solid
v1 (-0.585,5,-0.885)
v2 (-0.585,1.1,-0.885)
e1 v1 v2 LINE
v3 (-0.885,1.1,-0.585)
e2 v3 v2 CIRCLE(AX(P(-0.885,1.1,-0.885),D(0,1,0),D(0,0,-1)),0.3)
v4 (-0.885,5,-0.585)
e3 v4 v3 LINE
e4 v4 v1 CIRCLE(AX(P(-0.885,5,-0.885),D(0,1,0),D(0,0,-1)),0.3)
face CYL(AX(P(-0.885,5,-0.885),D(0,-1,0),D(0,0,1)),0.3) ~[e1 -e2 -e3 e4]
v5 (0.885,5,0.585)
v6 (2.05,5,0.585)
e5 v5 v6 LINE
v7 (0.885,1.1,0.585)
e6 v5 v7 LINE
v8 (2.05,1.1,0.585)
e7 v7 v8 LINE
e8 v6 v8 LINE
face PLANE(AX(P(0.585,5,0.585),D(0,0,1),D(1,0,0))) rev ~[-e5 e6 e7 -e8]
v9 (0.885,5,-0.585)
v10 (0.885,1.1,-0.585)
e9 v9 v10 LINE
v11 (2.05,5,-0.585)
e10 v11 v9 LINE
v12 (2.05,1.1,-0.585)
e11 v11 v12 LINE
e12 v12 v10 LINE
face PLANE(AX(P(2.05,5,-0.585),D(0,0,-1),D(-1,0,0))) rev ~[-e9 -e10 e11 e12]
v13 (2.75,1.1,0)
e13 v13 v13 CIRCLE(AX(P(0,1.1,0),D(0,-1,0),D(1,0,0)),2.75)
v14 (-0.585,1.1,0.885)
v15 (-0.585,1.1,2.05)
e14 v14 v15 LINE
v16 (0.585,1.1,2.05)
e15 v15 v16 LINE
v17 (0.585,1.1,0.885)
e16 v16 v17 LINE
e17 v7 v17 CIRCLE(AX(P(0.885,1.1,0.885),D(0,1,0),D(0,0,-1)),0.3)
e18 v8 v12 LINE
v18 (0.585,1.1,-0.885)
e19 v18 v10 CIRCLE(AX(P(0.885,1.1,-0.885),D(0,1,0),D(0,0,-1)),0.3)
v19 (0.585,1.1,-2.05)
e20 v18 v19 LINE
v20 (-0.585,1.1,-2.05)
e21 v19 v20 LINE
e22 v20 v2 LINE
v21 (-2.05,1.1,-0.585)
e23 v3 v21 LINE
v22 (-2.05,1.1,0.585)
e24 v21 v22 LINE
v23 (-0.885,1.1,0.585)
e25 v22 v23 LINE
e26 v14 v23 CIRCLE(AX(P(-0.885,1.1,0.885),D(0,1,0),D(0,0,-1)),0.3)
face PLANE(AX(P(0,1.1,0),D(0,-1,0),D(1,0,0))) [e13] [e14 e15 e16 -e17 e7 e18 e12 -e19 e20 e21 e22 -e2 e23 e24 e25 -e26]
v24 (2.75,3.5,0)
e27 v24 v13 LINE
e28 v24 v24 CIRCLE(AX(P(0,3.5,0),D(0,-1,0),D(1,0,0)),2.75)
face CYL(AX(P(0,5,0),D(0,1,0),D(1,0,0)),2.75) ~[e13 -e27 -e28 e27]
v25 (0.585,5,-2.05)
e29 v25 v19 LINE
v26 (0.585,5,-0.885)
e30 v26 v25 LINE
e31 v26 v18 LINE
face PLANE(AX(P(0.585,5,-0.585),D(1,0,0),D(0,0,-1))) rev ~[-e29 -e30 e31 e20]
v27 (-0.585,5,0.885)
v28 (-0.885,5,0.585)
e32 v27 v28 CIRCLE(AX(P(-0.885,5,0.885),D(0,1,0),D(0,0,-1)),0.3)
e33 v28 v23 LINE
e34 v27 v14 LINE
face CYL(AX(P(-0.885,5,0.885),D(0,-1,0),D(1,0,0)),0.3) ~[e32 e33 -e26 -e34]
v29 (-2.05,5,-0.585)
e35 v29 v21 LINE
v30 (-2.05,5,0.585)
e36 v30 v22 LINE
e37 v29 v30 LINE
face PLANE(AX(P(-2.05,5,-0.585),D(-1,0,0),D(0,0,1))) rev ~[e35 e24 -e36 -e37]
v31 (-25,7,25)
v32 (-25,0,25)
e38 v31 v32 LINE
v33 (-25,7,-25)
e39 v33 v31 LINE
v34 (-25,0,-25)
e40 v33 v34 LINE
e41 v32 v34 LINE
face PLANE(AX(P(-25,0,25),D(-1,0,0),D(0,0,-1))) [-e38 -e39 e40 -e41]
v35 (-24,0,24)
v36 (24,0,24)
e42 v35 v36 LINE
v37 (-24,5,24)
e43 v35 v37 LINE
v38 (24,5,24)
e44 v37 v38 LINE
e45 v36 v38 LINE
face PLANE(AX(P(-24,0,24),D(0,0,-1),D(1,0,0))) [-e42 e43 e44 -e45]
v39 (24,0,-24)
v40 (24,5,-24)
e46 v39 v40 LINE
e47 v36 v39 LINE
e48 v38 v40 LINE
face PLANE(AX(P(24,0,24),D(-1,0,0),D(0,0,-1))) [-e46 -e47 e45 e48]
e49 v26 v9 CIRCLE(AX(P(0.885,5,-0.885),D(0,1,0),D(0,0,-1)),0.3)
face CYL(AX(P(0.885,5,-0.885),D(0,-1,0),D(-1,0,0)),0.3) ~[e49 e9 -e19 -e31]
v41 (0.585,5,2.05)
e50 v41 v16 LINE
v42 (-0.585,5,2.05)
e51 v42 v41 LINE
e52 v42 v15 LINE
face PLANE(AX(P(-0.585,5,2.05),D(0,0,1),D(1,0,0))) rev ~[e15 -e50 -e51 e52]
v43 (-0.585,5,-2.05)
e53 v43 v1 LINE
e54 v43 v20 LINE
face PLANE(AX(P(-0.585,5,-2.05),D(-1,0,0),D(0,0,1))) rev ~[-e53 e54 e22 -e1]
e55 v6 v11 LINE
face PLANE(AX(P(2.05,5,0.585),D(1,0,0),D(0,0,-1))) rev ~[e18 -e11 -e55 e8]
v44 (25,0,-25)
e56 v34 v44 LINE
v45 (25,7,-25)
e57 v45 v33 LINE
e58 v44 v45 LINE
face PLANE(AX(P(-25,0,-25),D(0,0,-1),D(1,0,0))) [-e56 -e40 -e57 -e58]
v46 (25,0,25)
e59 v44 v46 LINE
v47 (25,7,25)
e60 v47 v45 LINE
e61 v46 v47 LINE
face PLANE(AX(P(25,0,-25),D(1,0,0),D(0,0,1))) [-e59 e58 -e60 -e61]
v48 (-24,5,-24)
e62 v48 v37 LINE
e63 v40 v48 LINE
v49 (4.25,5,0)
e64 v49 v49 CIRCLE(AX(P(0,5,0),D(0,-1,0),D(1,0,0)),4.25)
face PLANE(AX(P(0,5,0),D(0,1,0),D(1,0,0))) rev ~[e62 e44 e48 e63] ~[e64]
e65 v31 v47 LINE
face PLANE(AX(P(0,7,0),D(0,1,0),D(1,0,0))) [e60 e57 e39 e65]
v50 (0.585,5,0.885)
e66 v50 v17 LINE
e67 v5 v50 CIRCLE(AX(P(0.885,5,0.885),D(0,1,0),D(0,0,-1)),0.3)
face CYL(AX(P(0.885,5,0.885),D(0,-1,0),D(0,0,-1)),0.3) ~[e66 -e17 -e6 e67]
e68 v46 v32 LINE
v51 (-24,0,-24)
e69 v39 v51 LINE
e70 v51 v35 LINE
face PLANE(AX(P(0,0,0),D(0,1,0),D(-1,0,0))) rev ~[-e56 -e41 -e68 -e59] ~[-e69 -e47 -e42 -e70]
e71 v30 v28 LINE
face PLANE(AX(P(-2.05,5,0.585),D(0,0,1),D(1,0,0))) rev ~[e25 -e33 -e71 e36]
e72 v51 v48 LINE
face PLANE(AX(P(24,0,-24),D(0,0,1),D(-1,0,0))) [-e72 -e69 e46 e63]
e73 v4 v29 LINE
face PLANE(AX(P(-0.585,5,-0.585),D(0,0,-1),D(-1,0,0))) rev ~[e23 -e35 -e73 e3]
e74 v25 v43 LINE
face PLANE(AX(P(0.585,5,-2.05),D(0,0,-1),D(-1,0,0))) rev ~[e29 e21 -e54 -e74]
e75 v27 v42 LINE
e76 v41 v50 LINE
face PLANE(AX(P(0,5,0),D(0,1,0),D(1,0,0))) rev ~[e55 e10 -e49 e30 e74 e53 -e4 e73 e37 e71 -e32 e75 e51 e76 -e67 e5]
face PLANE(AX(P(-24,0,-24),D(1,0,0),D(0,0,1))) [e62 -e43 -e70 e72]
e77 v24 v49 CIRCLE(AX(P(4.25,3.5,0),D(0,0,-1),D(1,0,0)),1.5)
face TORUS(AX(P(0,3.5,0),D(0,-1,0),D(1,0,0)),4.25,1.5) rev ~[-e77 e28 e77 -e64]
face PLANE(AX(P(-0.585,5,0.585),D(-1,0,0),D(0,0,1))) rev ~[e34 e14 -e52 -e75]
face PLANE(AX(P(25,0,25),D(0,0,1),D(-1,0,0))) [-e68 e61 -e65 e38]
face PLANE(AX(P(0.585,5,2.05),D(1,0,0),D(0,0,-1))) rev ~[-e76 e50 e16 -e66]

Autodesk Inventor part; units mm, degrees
ref_plane "YZ Plane" through (0, 0, 0) normal (1, 0, 0) x (0, 1, 0)
ref_plane "XZ Plane" through (0, 0, 0) normal (0, 1, 0) x (-1, 0, 0)
ref_plane "XY Plane" through (0, 0, 0) normal (0, 0, 1) x (1, 0, 0)
sketch "Sketch1" plane through (0, 0, 0) normal (0, 1, 0) x (-1, 0, 0)
  line L0 (24, 24) -> (-24, 24)
  line L1 (-24, 24) -> (-24, -24)
  line L2 (-24, -24) -> (24, -24)
  line L3 (24, -24) -> (24, 24)
  line L4 (24, 24) -> (-24, -24) construction
  line L5 (-24, 24) -> (24, -24) construction
  line L6 (-25, 25) -> (25, 25)
  line L7 (25, 25) -> (25, -25)
  line L8 (25, -25) -> (-25, -25)
  line L9 (-25, -25) -> (-25, 25)
  line L10 (-25, 25) -> (25, -25) construction
  line L11 (25, 25) -> (-25, -25) construction
  point P0 (0, 0)
extrude "Extrusion1" add sketch "Sketch1" along normal blind 5
sketch "Sketch2" plane through (0, 5, 0) normal (0, 1, 0) x (1, 0, 0)
  line L0 (-25, -25) -> (25, -25) projected
  line L1 (25, 25) -> (-25, 25) projected
  line L2 (-25, -25) -> (25, -25)
  line L3 (25, -25) -> (25, 25)
  line L4 (25, 25) -> (-25, 25)
  line L5 (-25, 25) -> (-25, -25)
  point P0 (0, 0)
extrude "Extrusion2" add sketch "Sketch2" along normal blind 2
sketch "Sketch3" plane through (0, 5, 0) normal (0, -1, 0) x (1, 0, 0)
  line L0 (24, -24) -> (24, 24) projected
  line L1 (24, 24) -> (-24, 24) projected
  line L2 (-24, -24) -> (24, -24) projected
  line L3 (-24, 24) -> (-24, -24) projected
  circle A0 centre (0, 0) radius 2.75
  line L4 (2.05, 0.585) -> (2.05, -0.585)
  line L5 (-2.05, -0.585) -> (-2.05, 0.585)
  line L6 (-0.585, 2.05) -> (0.585, 2.05)
  line L7 (0.585, -2.05) -> (-0.585, -2.05)
  line L8 (-2.05, 0.585) -> (-0.585, 0.585)
  line L9 (0.585, 0.585) -> (2.05, 0.585)
  line L10 (-0.585, -2.05) -> (-0.585, -0.585)
  line L11 (-0.585, 0.585) -> (-0.585, 2.05)
  line L12 (2.05, -0.585) -> (0.585, -0.585)
  line L13 (-0.585, -0.585) -> (-2.05, -0.585)
  line L14 (0.585, 2.05) -> (0.585, 0.585)
  line L15 (0.585, -0.585) -> (0.585, -2.05)
extrude "Extrusion3" add sketch "Sketch3" along normal blind 3.9 contours A0
fillet "Fillet1" radius 0.3 4 edges at (0.585, 3.05, 0.585) (0.585, 3.05, -0.585) (-0.585, 3.05, 0.585) (-0.585, 3.05, -0.585)
fillet "Fillet2" radius 1.5 1 edges at (-2.75, 5, 0)
